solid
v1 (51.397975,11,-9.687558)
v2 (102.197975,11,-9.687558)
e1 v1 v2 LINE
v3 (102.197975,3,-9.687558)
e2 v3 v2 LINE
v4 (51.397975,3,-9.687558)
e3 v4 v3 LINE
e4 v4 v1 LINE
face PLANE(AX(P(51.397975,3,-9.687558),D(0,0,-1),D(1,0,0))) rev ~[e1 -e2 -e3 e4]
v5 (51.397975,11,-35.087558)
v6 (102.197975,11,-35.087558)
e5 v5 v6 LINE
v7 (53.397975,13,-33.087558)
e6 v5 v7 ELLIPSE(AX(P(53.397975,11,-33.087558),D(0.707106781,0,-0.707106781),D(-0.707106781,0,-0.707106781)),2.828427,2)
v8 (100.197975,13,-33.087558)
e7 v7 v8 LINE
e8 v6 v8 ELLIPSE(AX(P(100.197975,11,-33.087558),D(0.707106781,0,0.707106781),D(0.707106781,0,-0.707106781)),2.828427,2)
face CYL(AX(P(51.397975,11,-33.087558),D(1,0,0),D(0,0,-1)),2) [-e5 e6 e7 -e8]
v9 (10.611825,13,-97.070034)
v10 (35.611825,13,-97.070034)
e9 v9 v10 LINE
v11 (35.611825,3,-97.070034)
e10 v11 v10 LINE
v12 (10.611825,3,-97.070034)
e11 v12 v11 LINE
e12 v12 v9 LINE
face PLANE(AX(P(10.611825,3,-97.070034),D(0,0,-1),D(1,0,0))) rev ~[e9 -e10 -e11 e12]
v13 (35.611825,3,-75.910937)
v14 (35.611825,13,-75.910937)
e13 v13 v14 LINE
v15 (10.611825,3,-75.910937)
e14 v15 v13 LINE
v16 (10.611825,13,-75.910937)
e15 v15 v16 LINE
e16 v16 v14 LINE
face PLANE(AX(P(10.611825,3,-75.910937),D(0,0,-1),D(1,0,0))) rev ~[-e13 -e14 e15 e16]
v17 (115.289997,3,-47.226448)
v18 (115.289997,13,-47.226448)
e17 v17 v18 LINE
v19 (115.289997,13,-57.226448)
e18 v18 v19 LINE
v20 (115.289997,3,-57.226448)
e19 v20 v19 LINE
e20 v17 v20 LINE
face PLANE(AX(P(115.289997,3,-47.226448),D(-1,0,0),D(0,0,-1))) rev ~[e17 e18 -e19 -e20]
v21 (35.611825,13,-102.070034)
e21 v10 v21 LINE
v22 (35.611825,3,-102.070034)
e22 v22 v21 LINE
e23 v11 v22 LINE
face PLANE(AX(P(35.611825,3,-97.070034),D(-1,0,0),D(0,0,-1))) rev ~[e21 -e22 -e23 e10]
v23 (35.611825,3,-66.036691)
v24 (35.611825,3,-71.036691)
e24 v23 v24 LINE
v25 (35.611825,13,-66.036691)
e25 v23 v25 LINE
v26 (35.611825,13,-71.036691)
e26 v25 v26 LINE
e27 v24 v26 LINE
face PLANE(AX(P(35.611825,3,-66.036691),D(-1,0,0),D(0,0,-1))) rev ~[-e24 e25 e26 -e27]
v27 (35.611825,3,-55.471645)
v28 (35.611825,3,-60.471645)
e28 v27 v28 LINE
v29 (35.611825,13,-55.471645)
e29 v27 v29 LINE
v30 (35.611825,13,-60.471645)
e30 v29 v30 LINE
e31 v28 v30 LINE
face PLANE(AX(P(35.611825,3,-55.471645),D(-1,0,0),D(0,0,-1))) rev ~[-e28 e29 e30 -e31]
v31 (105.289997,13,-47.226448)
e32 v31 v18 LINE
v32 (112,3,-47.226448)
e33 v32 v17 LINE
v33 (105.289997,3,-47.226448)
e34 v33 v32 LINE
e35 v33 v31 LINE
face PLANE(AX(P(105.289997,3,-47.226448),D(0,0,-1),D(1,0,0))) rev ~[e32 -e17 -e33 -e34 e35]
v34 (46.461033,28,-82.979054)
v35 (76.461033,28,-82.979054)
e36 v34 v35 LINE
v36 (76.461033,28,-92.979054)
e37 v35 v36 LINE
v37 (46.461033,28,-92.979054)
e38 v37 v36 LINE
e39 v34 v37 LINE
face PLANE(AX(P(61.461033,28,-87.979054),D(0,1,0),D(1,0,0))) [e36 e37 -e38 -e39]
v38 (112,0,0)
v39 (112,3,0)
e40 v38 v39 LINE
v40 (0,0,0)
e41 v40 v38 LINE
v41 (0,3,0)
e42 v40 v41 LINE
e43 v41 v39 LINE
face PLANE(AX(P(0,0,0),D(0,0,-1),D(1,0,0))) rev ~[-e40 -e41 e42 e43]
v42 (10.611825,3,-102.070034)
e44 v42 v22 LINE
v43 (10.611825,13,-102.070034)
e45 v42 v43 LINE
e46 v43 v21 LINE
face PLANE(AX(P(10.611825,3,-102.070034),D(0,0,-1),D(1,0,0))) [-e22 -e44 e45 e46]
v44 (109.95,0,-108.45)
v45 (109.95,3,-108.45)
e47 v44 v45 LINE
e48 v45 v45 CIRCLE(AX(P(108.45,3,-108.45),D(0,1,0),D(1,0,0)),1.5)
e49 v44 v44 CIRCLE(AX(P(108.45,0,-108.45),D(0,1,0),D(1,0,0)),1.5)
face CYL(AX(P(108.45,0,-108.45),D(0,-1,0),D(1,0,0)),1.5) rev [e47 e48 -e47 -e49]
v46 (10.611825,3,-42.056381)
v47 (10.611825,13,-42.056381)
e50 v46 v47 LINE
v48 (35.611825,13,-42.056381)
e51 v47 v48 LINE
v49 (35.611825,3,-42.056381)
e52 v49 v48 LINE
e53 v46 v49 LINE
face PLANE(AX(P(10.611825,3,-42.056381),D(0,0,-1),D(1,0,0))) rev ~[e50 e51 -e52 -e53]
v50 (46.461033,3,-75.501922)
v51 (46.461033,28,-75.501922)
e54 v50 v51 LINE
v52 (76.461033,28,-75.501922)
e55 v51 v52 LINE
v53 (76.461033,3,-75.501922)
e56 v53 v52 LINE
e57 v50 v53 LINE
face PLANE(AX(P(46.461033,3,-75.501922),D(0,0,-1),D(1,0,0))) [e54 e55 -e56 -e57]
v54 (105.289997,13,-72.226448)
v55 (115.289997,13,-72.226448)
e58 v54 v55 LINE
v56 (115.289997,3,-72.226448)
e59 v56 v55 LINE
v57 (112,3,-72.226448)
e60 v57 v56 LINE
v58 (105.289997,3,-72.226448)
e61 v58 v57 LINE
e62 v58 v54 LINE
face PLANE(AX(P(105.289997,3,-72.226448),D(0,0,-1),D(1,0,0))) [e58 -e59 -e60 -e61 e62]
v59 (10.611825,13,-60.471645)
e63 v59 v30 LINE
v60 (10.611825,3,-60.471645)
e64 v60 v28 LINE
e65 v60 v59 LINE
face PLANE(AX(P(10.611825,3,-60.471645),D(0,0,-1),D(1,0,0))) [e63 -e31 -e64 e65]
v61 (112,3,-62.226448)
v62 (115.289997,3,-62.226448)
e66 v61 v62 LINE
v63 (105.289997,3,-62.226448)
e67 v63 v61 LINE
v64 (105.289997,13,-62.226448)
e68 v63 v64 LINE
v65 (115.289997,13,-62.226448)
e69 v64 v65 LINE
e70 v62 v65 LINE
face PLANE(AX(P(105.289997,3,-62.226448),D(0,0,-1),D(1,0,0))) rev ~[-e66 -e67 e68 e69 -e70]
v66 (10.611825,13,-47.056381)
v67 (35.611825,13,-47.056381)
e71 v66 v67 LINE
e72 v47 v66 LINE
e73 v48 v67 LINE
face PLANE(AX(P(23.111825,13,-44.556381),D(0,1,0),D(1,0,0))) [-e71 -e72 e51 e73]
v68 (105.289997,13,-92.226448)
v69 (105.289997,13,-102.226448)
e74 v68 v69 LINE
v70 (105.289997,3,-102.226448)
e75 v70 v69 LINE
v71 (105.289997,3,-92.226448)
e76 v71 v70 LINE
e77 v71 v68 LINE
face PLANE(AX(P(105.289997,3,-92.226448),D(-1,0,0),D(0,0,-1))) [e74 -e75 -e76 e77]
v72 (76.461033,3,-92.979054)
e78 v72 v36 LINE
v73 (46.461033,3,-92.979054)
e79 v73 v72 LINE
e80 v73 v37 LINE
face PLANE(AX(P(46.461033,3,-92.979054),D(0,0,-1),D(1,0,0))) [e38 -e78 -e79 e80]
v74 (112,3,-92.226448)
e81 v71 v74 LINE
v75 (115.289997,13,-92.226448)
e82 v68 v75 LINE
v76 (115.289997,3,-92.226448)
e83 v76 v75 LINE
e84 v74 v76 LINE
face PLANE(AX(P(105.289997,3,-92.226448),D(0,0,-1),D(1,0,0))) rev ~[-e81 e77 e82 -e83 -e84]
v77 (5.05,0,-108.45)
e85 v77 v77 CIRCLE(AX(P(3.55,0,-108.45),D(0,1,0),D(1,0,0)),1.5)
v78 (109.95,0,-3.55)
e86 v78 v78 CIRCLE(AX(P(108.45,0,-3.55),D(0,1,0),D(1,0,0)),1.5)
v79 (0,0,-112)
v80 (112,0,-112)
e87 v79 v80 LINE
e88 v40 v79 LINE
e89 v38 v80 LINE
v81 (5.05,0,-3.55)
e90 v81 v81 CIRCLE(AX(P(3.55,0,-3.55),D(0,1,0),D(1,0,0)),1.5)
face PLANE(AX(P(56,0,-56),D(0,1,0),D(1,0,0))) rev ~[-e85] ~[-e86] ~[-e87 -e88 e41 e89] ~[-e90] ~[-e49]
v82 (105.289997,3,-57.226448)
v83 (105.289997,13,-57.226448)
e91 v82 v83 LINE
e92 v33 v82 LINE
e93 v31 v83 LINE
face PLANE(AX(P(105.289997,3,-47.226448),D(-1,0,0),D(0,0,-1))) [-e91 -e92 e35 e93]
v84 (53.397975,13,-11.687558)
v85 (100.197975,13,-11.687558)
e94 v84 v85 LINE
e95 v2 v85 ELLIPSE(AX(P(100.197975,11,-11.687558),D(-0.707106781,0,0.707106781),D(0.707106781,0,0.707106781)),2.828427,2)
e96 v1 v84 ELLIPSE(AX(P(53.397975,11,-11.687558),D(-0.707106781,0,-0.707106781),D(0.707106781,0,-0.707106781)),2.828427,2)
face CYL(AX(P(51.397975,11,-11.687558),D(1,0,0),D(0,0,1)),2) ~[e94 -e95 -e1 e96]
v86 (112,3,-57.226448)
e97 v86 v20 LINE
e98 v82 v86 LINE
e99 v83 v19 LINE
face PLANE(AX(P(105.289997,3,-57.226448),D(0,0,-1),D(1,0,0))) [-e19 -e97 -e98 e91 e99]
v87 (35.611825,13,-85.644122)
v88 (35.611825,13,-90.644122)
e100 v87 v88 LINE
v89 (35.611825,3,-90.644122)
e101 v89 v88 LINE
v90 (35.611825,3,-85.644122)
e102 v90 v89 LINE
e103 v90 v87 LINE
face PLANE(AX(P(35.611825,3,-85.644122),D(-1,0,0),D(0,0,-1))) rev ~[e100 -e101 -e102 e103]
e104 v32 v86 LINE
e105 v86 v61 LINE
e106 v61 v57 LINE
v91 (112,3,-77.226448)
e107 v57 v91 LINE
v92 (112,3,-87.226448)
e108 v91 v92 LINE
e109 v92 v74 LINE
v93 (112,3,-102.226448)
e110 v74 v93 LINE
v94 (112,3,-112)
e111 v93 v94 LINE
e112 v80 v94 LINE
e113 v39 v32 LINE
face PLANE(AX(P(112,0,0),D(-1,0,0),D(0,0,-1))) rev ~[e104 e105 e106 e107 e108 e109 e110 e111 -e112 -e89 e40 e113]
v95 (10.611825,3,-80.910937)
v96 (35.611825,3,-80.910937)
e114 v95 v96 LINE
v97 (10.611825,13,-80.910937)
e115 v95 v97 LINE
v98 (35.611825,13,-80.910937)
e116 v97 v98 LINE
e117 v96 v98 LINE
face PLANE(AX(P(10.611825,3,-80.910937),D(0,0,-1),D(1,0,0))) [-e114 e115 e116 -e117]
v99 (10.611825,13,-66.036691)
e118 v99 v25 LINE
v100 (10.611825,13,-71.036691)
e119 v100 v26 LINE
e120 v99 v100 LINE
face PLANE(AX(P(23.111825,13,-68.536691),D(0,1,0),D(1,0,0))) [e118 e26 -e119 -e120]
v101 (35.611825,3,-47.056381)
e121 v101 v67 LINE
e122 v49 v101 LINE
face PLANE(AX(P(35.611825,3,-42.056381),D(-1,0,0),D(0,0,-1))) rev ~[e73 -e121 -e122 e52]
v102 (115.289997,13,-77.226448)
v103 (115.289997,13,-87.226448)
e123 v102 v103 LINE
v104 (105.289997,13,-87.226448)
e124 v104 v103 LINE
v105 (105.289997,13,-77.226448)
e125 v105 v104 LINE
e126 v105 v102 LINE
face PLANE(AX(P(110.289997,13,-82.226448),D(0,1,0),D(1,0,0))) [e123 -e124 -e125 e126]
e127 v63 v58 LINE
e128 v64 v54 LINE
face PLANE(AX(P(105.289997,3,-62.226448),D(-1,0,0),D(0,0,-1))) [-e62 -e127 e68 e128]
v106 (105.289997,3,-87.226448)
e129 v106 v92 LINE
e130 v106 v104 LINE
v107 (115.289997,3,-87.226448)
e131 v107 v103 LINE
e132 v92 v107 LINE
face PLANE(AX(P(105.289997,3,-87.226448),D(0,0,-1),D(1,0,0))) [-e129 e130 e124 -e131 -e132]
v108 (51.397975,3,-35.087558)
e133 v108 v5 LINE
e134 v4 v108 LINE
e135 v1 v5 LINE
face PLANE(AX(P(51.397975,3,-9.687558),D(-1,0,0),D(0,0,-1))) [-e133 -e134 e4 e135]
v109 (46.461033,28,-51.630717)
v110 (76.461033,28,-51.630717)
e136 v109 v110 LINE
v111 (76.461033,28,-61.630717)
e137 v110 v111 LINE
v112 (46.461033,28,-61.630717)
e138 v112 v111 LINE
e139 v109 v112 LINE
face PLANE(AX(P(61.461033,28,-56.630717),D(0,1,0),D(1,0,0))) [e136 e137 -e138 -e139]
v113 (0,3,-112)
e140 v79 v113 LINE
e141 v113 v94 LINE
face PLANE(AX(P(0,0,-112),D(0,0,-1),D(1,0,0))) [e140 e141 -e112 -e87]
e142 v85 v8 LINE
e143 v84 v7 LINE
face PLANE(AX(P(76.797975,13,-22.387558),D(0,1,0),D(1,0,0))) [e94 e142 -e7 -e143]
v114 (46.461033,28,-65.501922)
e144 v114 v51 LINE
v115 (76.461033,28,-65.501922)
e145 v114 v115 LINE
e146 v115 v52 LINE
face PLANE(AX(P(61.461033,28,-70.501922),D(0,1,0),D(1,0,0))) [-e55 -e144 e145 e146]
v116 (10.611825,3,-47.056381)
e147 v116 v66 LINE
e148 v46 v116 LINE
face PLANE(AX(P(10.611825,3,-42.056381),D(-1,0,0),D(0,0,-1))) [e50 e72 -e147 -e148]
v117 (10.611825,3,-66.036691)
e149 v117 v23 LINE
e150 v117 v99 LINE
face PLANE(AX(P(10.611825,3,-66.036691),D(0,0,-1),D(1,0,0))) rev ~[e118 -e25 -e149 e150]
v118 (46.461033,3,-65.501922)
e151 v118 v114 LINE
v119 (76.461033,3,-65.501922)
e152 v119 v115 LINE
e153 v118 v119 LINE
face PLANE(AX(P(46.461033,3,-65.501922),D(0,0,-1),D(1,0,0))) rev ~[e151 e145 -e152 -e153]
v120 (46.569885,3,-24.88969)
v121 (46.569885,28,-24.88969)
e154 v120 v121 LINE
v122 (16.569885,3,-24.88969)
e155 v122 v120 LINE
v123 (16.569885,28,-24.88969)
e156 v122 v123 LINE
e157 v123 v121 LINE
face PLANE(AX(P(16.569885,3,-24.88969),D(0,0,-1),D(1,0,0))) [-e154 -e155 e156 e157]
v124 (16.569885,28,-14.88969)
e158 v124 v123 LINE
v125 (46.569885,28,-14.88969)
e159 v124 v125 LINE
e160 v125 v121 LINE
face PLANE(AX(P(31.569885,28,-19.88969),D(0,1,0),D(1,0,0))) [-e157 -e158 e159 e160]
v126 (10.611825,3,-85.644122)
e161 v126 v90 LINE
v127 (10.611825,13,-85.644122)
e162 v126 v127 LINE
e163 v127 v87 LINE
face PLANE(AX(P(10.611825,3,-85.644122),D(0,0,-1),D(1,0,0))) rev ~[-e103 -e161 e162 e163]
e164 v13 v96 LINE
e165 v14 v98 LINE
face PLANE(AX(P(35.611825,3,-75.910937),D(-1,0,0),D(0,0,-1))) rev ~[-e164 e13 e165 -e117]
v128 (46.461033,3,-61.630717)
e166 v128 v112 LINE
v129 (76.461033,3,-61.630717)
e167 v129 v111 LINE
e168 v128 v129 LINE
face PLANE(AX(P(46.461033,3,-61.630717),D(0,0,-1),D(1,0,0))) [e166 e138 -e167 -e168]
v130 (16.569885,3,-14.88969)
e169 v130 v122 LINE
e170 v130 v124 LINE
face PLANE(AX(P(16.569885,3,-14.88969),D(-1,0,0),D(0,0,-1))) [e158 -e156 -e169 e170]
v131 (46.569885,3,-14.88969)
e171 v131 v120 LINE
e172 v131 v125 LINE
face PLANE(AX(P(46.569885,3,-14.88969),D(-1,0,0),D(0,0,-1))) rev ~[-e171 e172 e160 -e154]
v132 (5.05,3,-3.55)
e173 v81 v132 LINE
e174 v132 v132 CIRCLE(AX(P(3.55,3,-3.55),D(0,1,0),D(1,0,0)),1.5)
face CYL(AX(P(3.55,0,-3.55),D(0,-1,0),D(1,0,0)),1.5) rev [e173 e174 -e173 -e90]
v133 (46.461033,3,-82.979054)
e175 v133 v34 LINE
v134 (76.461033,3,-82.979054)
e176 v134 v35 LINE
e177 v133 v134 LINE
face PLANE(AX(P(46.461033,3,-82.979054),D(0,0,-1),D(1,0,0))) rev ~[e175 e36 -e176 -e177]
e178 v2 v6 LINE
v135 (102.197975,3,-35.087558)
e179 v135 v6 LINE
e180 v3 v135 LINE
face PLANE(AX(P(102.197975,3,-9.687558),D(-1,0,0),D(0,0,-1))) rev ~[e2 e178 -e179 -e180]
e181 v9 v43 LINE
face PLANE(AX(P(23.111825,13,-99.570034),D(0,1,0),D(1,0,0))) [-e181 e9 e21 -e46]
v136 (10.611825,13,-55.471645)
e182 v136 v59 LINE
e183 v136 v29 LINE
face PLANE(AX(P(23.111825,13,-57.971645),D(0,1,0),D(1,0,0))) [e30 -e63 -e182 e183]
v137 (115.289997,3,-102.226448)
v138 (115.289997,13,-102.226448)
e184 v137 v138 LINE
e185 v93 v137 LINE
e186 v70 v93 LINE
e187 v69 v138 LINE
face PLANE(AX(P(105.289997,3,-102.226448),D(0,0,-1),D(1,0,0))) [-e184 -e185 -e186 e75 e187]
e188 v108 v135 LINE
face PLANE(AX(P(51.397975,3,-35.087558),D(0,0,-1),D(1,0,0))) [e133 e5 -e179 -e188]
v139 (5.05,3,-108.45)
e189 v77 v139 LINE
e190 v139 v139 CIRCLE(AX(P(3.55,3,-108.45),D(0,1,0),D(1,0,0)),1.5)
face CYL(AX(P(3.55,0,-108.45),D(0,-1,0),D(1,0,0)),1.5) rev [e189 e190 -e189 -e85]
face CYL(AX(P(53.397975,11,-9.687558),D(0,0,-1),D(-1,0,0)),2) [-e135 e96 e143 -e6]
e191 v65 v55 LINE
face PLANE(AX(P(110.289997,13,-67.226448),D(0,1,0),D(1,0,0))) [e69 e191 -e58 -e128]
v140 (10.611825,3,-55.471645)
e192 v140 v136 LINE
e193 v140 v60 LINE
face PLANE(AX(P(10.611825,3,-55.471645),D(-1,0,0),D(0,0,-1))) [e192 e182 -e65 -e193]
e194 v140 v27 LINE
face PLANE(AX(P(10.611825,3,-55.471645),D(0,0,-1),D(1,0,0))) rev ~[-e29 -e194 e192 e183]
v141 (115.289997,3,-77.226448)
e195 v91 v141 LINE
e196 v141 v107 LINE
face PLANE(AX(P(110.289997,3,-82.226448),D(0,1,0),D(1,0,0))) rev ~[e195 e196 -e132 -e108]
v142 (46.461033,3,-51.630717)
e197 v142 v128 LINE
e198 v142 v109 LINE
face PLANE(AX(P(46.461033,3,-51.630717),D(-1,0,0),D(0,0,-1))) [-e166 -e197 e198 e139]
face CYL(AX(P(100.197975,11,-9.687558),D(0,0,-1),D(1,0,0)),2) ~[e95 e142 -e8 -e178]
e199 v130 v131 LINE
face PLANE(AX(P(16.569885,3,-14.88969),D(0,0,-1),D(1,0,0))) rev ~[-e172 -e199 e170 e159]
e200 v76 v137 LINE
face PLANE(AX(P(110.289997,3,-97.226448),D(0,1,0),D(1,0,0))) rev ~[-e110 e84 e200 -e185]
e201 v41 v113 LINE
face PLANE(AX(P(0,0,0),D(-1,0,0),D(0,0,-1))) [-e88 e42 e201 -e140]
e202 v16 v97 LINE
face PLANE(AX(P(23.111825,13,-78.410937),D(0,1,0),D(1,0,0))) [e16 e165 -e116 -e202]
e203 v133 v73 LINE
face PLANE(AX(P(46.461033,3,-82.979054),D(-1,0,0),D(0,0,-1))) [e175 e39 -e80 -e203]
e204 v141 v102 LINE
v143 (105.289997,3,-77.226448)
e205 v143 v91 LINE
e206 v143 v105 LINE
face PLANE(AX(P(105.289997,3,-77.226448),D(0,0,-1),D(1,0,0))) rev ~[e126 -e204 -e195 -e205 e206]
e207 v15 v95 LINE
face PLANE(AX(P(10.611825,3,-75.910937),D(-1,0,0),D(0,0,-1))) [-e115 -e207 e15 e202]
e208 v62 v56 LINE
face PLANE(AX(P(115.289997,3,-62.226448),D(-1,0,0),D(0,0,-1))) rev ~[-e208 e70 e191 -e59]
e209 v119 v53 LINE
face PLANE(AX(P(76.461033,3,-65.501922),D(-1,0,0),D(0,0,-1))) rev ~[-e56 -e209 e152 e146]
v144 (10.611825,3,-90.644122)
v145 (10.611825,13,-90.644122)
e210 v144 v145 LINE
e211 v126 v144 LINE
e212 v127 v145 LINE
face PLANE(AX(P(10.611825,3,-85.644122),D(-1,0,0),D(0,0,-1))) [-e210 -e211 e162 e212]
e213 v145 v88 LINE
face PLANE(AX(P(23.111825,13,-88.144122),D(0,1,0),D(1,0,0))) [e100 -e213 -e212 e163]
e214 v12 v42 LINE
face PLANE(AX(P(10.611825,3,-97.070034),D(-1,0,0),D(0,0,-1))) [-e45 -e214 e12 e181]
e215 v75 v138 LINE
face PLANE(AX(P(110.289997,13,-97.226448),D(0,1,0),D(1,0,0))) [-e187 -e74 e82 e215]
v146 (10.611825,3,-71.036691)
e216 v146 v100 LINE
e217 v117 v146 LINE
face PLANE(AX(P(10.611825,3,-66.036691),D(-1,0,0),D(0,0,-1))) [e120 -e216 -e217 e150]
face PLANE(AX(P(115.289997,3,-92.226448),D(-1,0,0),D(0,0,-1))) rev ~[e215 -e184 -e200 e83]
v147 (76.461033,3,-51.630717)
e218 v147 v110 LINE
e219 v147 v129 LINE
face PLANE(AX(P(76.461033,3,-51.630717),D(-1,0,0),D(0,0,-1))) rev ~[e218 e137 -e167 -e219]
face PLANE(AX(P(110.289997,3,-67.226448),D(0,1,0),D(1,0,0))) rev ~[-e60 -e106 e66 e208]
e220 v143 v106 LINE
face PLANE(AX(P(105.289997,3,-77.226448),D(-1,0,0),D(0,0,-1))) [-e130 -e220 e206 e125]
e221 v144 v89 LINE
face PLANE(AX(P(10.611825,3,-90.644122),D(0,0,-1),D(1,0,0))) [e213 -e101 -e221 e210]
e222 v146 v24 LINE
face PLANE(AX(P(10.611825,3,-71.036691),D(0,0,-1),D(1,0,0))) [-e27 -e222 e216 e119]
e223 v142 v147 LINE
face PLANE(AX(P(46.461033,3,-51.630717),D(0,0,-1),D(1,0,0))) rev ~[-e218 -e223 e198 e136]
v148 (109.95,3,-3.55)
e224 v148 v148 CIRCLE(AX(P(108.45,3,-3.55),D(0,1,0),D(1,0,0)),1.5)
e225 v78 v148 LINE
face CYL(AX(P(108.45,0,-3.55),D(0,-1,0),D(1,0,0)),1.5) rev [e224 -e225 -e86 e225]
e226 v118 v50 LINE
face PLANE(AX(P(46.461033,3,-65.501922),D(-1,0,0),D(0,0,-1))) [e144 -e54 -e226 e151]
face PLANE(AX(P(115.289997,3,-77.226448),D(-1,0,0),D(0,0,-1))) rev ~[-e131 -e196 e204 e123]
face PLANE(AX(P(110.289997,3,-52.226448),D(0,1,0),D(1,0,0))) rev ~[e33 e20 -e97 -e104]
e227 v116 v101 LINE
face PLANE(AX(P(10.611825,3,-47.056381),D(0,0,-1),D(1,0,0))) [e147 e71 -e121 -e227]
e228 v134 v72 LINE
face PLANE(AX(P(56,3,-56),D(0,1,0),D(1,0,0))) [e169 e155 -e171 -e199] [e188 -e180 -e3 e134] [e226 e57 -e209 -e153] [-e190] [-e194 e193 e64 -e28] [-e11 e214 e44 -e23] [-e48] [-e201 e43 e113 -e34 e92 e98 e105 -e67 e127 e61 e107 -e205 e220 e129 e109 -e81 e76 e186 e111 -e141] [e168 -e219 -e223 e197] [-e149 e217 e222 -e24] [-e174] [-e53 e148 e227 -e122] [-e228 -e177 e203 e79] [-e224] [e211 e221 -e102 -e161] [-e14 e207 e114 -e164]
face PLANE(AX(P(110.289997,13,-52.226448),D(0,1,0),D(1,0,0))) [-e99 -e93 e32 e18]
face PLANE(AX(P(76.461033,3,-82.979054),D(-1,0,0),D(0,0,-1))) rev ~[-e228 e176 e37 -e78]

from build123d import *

# Parameters (mm, degrees)
ESQUISSE1_W      = 112
ESQUISSE1_H      = 112
ESQUISSE1_R      = 1.5
EXTRUSION1_DEPTH = 3
ESQUISSE2_W      = 50.8
ESQUISSE2_H      = 25.4
EXTRUSION2_DEPTH = 10
CONG_1_R         = 2
ESQUISSE3_W      = 10
ESQUISSE3_H      = 10
EXTRUSION3_DEPTH = 10
ESQUISSE4_W      = 30
ESQUISSE4_H      = 10
EXTRUSION4_DEPTH = 25
ESQUISSE6_W      = 25
ESQUISSE6_H      = 5
EXTRUSION6_DEPTH = 10


with BuildPart() as part:
    # Esquisse1 → Extrusion1 (new body)
    with BuildSketch(Plane(origin=(0, 0, 0), x_dir=(1, 0, 0), z_dir=(0, 1, 0))):
        with Locations((56, 56)):
            Rectangle(ESQUISSE1_W, ESQUISSE1_H)
        with Locations((3.55, 108.45)):
            Circle(ESQUISSE1_R, mode=Mode.SUBTRACT)
        with Locations((108.45, 108.45)):
            Circle(ESQUISSE1_R, mode=Mode.SUBTRACT)
        with Locations((108.45, 3.55)):
            Circle(ESQUISSE1_R, mode=Mode.SUBTRACT)
        with Locations((3.55, 3.55)):
            Circle(ESQUISSE1_R, mode=Mode.SUBTRACT)
    extrude(amount=EXTRUSION1_DEPTH)

    # Esquisse2 → Extrusion2 (add)
    with BuildSketch(Plane(origin=(0, 3, 0), x_dir=(1, 0, 0), z_dir=(0, 1, 0))):
        with Locations((76.797974596, 22.38755788)):
            Rectangle(ESQUISSE2_W, ESQUISSE2_H)
    extrude(amount=EXTRUSION2_DEPTH)

    # Congé1
    cong_1_edges = [part.edges().sort_by_distance(p)[0] for p in [
        (51.397974596, 13, -22.38755788),
        (76.797974596, 13, -9.68755788),
        (102.197974596, 13, -22.38755788),
        (76.797974596, 13, -35.08755788),
    ]]
    fillet(cong_1_edges, radius=CONG_1_R)

    # Esquisse3 → Extrusion3 (add)
    with BuildSketch(Plane(origin=(0, 3, 0), x_dir=(1, 0, 0), z_dir=(0, 1, 0))):
        with Locations((110.289997157, 97.226447648)):
            Rectangle(ESQUISSE3_W, ESQUISSE3_H)
        with Locations((110.289997157, 67.226447648)):
            Rectangle(ESQUISSE3_W, ESQUISSE3_H)
        with Locations((110.289997157, 52.226447648)):
            Rectangle(ESQUISSE3_W, ESQUISSE3_H)
        with Locations((110.289997157, 82.226447648)):
            Rectangle(ESQUISSE3_W, ESQUISSE3_H)
    extrude(amount=EXTRUSION3_DEPTH)

    # Esquisse4 → Extrusion4 (add)
    with BuildSketch(Plane(origin=(0, 3, 0), x_dir=(1, 0, 0), z_dir=(0, 1, 0))):
        with Locations((61.461032567, 56.630717004)):
            Rectangle(ESQUISSE4_W, ESQUISSE4_H)
        with Locations((61.461032567, 70.501921666)):
            Rectangle(ESQUISSE4_W, ESQUISSE4_H)
        with Locations((31.569885157, 19.889690111)):
            Rectangle(ESQUISSE4_W, ESQUISSE4_H)
        with Locations((61.461032567, 87.97905365)):
            Rectangle(ESQUISSE4_W, ESQUISSE4_H)
    extrude(amount=EXTRUSION4_DEPTH)

    # Esquisse6 → Extrusion6 (add)
    with BuildSketch(Plane(origin=(0, 3, 0), x_dir=(1, 0, 0), z_dir=(0, 1, 0))):
        with Locations((23.111824989, 78.410936793)):
            Rectangle(ESQUISSE6_W, ESQUISSE6_H)
        with Locations((23.111824989, 57.971644922)):
            Rectangle(ESQUISSE6_W, ESQUISSE6_H)
        with Locations((23.111824989, 68.536691251)):
            Rectangle(ESQUISSE6_W, ESQUISSE6_H)
        with Locations((23.111824989, 44.556380649)):
            Rectangle(ESQUISSE6_W, ESQUISSE6_H)
        with Locations((23.111824989, 88.144121685)):
            Rectangle(ESQUISSE6_W, ESQUISSE6_H)
        with Locations((23.111824989, 99.570034384)):
            Rectangle(ESQUISSE6_W, ESQUISSE6_H)
    extrude(amount=EXTRUSION6_DEPTH)


solid = part.part
